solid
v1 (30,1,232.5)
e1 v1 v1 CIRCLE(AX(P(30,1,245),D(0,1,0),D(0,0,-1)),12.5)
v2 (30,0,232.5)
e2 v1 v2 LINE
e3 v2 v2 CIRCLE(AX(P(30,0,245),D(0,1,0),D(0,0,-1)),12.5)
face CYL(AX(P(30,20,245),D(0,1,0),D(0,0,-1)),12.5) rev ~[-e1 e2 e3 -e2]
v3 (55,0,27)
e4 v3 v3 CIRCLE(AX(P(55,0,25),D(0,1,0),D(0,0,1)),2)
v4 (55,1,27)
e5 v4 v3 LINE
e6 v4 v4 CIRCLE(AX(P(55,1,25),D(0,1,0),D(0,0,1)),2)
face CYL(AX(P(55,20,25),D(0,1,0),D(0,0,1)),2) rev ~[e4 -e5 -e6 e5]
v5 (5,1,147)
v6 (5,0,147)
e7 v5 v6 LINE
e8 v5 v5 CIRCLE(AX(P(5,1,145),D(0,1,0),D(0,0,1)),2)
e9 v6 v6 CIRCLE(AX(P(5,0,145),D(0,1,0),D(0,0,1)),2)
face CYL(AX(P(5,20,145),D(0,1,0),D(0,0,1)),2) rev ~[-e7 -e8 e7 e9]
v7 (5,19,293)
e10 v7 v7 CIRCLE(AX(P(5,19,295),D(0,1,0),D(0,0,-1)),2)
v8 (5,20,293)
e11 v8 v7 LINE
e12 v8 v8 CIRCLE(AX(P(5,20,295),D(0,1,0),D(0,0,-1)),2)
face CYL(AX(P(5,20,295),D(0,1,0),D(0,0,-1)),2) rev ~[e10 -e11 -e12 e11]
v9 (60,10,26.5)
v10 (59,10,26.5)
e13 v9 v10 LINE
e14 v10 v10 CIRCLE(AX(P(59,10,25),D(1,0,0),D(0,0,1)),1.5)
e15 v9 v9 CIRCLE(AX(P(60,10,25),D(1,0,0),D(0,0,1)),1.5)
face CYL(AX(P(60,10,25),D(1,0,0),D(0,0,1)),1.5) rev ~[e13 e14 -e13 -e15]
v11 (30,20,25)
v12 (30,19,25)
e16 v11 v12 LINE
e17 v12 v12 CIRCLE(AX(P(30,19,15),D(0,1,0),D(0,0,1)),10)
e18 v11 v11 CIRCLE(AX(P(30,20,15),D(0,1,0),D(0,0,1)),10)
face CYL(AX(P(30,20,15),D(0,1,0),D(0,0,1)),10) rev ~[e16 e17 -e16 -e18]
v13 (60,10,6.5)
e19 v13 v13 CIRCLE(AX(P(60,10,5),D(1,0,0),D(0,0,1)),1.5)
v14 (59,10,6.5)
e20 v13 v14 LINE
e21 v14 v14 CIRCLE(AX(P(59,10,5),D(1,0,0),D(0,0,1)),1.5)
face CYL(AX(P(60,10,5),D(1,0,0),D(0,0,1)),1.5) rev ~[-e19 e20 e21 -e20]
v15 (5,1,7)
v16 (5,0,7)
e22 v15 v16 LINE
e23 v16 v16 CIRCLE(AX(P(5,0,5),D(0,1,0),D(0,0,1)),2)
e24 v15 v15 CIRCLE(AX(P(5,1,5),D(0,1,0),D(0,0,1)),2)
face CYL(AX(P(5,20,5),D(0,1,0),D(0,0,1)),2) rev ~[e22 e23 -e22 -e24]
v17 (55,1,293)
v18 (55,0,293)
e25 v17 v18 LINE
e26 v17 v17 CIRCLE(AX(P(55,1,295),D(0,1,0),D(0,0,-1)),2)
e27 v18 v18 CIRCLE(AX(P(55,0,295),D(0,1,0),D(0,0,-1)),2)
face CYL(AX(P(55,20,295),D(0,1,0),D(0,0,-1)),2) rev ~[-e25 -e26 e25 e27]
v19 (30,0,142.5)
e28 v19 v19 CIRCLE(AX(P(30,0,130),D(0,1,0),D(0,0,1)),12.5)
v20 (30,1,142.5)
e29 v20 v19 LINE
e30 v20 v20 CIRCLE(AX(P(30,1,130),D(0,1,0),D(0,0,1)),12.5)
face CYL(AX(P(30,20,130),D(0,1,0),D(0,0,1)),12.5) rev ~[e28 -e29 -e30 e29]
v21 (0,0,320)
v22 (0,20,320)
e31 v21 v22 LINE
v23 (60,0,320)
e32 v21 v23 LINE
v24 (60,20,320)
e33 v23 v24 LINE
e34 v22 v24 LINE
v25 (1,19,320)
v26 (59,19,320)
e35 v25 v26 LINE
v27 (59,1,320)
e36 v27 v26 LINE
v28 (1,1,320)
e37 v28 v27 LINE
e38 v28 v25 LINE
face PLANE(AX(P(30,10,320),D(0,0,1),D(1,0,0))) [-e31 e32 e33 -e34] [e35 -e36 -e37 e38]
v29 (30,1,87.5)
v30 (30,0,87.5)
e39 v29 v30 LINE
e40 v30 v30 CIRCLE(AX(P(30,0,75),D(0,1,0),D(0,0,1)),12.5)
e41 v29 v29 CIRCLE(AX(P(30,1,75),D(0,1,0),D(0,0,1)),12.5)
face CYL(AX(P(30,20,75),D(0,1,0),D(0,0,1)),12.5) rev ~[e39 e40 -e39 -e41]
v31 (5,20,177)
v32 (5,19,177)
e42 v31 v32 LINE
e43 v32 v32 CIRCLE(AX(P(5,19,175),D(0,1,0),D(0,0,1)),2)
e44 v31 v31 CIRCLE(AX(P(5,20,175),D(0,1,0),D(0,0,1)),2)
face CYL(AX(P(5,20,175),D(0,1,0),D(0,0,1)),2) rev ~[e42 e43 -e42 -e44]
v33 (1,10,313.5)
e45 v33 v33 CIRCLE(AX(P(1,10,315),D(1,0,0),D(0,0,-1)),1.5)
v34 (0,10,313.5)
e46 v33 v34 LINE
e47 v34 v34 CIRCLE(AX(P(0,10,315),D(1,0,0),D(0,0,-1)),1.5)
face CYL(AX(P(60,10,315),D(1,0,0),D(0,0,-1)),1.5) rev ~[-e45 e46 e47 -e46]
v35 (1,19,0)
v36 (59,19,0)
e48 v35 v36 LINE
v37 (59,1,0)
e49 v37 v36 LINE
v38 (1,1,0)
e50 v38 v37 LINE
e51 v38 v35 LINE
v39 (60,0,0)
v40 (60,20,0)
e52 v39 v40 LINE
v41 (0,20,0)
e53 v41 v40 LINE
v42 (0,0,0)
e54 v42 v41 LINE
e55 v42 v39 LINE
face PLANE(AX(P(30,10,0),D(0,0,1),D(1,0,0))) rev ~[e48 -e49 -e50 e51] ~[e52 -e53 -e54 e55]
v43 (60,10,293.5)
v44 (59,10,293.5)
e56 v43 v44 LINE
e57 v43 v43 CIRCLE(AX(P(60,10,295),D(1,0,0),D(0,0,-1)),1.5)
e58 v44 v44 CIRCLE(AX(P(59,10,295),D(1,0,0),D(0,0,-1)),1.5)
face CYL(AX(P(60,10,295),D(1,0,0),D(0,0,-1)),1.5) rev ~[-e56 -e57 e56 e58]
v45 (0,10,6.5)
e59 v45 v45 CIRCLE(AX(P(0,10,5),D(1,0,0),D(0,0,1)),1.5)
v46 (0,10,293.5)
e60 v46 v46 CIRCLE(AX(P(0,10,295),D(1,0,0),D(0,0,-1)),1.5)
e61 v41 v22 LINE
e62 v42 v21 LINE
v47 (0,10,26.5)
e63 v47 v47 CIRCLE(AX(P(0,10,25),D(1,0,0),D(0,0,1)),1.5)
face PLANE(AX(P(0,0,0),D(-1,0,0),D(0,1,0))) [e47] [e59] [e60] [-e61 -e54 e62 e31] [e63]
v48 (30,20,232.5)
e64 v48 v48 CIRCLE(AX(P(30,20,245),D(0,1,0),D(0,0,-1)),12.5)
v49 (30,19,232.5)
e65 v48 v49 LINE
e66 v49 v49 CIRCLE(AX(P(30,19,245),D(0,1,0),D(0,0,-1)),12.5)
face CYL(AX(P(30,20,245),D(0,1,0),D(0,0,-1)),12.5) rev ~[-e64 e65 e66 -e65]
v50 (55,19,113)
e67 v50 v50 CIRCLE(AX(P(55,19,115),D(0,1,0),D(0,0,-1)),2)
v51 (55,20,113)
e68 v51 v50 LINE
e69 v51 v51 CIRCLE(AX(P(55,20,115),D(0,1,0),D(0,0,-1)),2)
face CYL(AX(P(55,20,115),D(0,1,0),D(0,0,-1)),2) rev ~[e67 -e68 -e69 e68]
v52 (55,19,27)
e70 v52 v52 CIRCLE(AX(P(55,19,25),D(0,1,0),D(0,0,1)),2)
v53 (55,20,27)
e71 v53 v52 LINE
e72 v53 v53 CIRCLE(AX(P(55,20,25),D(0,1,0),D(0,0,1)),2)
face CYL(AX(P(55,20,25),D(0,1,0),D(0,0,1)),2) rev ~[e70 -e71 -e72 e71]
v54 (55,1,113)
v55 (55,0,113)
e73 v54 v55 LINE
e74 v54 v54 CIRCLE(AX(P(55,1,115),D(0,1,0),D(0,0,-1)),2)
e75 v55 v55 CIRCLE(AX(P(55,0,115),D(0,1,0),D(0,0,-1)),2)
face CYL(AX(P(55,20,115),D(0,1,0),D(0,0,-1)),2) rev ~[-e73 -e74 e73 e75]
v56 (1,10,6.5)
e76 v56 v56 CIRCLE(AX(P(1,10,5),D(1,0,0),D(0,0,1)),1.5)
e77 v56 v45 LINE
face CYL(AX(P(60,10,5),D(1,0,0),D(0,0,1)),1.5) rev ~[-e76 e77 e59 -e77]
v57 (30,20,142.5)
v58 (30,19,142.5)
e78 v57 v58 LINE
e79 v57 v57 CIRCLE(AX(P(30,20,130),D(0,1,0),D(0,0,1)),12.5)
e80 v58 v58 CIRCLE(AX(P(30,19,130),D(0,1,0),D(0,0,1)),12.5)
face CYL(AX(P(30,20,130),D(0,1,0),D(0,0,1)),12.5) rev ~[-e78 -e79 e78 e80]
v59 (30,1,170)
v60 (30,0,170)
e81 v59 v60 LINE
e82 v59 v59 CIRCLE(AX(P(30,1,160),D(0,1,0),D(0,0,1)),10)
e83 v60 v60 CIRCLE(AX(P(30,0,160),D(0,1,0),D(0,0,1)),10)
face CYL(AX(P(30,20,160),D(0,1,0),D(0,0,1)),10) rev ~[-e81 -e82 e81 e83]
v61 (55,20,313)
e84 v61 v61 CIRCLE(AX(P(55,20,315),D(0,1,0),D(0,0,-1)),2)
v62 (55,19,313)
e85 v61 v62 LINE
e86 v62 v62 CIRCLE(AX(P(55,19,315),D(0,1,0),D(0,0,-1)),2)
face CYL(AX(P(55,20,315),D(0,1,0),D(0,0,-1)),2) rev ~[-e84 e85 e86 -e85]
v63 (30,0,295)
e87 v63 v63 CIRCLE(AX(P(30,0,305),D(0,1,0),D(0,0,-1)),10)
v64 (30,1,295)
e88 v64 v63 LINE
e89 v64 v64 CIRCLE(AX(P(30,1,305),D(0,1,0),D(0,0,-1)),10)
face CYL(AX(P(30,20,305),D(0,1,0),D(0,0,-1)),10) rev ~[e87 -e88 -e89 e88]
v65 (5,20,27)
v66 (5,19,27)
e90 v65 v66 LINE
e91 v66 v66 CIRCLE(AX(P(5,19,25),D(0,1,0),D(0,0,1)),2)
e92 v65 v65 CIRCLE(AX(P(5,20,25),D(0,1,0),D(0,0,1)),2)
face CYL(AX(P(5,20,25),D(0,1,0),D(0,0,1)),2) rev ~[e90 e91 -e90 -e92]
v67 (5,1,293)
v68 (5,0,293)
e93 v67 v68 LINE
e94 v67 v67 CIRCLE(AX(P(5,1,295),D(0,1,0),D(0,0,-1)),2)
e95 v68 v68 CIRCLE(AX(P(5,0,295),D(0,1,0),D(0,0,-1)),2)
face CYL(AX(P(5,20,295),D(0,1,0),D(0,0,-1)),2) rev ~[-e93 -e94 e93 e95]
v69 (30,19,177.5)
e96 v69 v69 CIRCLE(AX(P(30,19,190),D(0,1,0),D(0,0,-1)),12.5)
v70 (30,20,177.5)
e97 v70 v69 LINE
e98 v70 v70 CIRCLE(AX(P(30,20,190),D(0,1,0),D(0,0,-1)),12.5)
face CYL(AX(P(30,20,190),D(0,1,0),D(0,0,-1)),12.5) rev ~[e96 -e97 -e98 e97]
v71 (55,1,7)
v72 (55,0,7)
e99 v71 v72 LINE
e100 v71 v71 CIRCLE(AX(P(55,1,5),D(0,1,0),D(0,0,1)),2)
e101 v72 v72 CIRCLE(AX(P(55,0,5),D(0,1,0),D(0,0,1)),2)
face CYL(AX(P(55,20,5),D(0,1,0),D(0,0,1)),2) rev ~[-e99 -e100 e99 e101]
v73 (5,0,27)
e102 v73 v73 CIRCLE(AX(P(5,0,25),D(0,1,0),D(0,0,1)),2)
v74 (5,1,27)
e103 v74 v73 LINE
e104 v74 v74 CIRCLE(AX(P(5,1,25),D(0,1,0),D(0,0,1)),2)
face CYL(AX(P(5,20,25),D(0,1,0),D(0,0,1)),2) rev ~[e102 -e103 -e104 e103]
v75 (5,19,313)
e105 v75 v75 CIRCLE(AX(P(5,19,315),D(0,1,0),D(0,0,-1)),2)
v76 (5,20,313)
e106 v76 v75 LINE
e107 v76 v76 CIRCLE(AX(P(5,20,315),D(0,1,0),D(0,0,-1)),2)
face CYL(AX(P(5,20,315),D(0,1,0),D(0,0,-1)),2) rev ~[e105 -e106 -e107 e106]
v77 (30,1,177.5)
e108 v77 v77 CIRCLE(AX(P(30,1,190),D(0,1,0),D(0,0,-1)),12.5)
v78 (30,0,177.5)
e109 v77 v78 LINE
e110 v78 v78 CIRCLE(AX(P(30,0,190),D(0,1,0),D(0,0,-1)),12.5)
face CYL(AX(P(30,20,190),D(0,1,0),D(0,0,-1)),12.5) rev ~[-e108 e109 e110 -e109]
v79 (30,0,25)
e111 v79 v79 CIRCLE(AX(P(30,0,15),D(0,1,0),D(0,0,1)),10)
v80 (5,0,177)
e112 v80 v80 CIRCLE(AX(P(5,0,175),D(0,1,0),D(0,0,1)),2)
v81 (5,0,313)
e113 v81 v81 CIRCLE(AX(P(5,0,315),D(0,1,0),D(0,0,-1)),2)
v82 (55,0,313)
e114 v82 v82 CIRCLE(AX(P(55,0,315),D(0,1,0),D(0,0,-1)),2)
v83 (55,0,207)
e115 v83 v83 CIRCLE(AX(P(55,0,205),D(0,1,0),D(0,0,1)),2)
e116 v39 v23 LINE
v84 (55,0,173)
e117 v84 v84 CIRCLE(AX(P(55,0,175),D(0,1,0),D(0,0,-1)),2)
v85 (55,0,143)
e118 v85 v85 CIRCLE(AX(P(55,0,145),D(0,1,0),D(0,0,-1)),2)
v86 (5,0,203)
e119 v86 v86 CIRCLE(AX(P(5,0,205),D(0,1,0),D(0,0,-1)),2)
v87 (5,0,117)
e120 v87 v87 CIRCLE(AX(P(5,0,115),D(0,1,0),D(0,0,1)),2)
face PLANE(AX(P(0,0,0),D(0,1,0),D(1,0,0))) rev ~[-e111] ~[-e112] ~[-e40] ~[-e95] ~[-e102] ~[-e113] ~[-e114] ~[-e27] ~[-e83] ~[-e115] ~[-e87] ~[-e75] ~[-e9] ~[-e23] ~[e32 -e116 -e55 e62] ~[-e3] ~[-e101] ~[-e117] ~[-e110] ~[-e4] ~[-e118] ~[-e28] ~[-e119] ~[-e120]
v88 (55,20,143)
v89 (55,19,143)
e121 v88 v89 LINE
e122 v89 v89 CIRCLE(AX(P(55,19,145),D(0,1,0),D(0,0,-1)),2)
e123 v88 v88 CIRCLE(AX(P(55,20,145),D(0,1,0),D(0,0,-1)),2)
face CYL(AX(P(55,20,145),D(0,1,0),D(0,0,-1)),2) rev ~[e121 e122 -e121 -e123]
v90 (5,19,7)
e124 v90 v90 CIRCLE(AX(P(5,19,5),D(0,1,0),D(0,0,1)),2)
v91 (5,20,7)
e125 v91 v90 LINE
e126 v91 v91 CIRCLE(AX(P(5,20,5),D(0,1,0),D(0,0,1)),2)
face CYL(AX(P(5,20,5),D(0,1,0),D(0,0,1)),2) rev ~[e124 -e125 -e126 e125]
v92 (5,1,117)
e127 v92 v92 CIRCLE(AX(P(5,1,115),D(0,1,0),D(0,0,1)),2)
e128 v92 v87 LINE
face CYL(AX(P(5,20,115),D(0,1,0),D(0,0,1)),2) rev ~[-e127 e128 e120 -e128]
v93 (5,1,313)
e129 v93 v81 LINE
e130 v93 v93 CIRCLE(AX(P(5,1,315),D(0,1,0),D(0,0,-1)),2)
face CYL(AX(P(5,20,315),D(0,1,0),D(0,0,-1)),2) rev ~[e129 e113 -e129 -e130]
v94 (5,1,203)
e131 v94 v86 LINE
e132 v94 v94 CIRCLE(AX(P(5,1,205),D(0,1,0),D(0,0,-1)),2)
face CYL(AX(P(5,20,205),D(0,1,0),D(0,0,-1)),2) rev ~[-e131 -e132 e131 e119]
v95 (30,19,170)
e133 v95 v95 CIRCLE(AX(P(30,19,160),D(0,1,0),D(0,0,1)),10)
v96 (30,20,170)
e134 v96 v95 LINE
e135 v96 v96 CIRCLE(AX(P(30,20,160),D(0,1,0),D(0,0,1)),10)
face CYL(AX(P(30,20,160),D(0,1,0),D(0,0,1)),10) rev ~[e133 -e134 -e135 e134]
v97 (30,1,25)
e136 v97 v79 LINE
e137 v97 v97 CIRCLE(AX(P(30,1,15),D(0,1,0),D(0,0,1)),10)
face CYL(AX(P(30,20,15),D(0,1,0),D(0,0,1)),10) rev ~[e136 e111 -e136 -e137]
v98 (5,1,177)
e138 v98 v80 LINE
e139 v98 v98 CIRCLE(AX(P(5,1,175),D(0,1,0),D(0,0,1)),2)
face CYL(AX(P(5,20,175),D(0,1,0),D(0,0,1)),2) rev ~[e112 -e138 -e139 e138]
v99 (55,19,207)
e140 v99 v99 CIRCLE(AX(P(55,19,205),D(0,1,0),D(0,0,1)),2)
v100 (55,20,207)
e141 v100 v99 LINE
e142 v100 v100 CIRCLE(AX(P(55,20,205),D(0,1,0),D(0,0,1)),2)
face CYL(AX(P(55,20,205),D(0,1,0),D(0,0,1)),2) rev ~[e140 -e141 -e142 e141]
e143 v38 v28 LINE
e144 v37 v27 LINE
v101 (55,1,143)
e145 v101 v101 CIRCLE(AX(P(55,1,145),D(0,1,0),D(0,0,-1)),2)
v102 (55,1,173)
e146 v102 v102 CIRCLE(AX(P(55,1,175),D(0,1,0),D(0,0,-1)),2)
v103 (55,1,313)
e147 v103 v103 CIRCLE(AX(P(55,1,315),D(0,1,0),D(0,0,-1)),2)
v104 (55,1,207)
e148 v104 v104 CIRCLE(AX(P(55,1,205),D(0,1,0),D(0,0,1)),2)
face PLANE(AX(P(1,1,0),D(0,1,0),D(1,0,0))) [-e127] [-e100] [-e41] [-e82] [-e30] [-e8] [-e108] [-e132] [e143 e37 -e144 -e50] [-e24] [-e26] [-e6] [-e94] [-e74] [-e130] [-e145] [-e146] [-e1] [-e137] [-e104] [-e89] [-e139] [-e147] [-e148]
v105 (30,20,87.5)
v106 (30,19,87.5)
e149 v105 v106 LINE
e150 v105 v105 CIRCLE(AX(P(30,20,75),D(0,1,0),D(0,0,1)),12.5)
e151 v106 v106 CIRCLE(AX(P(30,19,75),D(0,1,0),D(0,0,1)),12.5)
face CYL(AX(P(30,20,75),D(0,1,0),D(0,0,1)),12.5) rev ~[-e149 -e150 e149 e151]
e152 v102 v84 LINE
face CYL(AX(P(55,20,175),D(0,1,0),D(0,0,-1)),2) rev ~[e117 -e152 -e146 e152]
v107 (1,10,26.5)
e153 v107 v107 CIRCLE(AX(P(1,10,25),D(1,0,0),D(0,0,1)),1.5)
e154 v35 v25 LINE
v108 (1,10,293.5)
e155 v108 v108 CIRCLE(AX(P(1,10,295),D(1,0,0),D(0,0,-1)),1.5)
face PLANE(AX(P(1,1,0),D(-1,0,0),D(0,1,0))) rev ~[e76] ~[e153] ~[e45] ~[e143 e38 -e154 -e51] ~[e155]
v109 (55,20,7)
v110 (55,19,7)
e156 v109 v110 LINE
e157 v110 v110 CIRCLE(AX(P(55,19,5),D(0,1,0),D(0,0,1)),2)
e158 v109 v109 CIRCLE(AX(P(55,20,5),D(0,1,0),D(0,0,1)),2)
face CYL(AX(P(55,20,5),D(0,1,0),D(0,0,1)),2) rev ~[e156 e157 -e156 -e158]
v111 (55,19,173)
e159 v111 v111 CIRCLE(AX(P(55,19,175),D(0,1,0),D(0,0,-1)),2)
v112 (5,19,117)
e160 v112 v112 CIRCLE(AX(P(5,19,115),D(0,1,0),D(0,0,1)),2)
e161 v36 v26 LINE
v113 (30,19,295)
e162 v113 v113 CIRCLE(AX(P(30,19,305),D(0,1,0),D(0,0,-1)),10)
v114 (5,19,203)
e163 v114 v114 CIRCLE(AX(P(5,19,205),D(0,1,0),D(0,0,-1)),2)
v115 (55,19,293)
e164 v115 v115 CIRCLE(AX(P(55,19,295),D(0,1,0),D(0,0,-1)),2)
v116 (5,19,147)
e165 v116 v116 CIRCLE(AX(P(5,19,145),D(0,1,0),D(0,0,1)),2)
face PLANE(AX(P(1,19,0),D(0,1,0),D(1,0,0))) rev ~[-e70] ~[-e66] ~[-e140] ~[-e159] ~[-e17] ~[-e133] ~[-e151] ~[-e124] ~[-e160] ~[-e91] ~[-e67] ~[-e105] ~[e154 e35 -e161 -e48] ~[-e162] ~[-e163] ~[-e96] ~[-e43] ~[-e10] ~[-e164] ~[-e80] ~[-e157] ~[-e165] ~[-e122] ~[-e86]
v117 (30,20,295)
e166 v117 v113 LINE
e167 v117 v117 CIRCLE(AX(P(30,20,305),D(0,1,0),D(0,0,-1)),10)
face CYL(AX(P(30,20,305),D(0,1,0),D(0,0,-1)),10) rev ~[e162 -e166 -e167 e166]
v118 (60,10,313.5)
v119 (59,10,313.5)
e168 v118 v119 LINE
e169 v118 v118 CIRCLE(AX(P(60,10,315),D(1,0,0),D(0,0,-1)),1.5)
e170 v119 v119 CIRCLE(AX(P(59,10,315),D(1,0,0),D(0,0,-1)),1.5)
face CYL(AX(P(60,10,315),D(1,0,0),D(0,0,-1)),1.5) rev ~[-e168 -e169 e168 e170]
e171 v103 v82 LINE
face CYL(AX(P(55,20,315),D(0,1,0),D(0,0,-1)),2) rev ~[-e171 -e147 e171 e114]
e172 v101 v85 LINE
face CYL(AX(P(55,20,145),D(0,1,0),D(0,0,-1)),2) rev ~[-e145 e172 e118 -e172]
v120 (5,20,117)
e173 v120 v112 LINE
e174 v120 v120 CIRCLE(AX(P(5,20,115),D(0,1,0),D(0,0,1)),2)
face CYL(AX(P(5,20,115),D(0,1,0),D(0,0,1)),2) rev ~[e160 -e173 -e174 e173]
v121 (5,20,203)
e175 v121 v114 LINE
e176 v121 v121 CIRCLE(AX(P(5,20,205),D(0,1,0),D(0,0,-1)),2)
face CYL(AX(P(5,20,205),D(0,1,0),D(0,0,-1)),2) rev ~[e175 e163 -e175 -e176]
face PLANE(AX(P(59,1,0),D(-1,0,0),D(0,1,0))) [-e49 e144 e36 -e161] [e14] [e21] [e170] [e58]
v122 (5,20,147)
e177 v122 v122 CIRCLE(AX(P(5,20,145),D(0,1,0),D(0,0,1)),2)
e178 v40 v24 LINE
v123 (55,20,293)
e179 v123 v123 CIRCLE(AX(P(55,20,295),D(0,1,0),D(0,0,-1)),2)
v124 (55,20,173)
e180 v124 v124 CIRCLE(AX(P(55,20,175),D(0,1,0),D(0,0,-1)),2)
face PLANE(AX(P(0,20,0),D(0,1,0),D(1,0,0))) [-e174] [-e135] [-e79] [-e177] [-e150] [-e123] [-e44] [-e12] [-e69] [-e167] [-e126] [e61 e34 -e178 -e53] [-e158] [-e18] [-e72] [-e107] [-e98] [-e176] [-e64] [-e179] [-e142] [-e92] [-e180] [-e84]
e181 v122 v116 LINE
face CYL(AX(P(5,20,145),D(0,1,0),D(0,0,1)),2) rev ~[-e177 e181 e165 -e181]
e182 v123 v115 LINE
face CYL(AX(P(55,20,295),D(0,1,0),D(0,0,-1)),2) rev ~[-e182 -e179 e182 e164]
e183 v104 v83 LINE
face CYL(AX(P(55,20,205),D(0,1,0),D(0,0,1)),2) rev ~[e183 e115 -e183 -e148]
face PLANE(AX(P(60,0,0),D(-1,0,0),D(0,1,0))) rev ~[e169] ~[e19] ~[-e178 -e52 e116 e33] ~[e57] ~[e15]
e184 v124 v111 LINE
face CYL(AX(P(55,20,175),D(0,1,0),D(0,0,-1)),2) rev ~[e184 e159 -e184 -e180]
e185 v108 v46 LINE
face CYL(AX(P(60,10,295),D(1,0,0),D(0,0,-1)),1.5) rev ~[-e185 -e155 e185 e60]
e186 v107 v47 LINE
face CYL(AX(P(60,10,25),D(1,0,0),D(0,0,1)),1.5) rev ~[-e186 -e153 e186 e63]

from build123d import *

# Parameters (mm, degrees)
SKETCH_1_W          = 60
SKETCH_1_H          = 20
SKETCH_1_W_2        = 58
SKETCH_1_H_2        = 18
EXTRUDE_1_DEPTH     = 320
SKETCH_2_R          = 2
CUT_EXTRUDE_1_DEPTH = 327.190128606
SKETCH_4_R          = 1.5
CUT_EXTRUDE_2_DEPTH = 327.190128606
SKETCH_5_R          = 10
SKETCH_5_R_2        = 12.5
CUT_EXTRUDE_3_DEPTH = 327.190128606


with BuildPart() as part:
    # 草图1 → 拉伸-薄壁1 (new body)
    with BuildSketch(Plane.XY):
        with Locations((30, 10)):
            Rectangle(SKETCH_1_W, SKETCH_1_H)
        with Locations((30, 10)):
            Rectangle(SKETCH_1_W_2, SKETCH_1_H_2, mode=Mode.SUBTRACT)
    extrude(amount=EXTRUDE_1_DEPTH)

    # 草图2 → 切除-拉伸1 (cut, through all)
    with BuildSketch(Plane(origin=(0, 20, 0), x_dir=(1, 0, 0), z_dir=(0, 1, 0))):
        with Locations(Location((5, -145, 0), (0, 0, 270))):
            Circle(SKETCH_2_R)
        with Locations(Location((5, -175, 0), (0, 0, 270))):
            Circle(SKETCH_2_R)
        with Locations(Location((55, -175, 0), (0, 0, 90))):
            Circle(SKETCH_2_R)
        with Locations(Location((55, -145, 0), (0, 0, 90))):
            Circle(SKETCH_2_R)
        with Locations(Location((5, -115, 0), (0, 0, 270))):
            Circle(SKETCH_2_R)
        with Locations(Location((5, -205, 0), (0, 0, 90))):
            Circle(SKETCH_2_R)
        with Locations(Location((55, -205, 0), (0, 0, 270))):
            Circle(SKETCH_2_R)
        with Locations(Location((55, -115, 0), (0, 0, 90))):
            Circle(SKETCH_2_R)
        with Locations(Location((5, -5, 0), (0, 0, 270))):
            Circle(SKETCH_2_R)
        with Locations(Location((55, -5, 0), (0, 0, 270))):
            Circle(SKETCH_2_R)
        with Locations(Location((55, -25, 0), (0, 0, 270))):
            Circle(SKETCH_2_R)
        with Locations(Location((5, -25, 0), (0, 0, 270))):
            Circle(SKETCH_2_R)
        with Locations(Location((5, -295, 0), (0, 0, 90))):
            Circle(SKETCH_2_R)
        with Locations(Location((55, -295, 0), (0, 0, 90))):
            Circle(SKETCH_2_R)
        with Locations(Location((55, -315, 0), (0, 0, 90))):
            Circle(SKETCH_2_R)
        with Locations(Location((5, -315, 0), (0, 0, 90))):
            Circle(SKETCH_2_R)
    extrude(amount=-CUT_EXTRUDE_1_DEPTH, mode=Mode.SUBTRACT)

    # 草图4 → 切除-拉伸2 (cut, through all)
    with BuildSketch(Plane(origin=(60, 0, 0), x_dir=(0, 0, -1), z_dir=(1, 0, 0))):
        with Locations((-315, 10)):
            Circle(SKETCH_4_R)
        with Locations((-295, 10)):
            Circle(SKETCH_4_R)
        with Locations(Location((-25, 10, 0), (0, 0, 180))):
            Circle(SKETCH_4_R)
        with Locations(Location((-5, 10, 0), (0, 0, 180))):
            Circle(SKETCH_4_R)
    extrude(amount=-CUT_EXTRUDE_2_DEPTH, mode=Mode.SUBTRACT)

    # 草图5 → 切除-拉伸3 (cut, through all)
    with BuildSketch(Plane(origin=(0, 20, 0), x_dir=(1, 0, 0), z_dir=(0, 1, 0))):
        with Locations(Location((30, -160, 0), (0, 0, 270))):
            Circle(SKETCH_5_R)
        with Locations(Location((30, -130, 0), (0, 0, 270))):
            Circle(SKETCH_5_R_2)
        with Locations(Location((30, -190, 0), (0, 0, 90))):
            Circle(SKETCH_5_R_2)
        with Locations(Location((30, -75, 0), (0, 0, 270))):
            Circle(SKETCH_5_R_2)
        with Locations(Location((30, -15, 0), (0, 0, 270))):
            Circle(SKETCH_5_R)
        with Locations(Location((30, -305, 0), (0, 0, 90))):
            Circle(SKETCH_5_R)
        with Locations(Location((30, -245, 0), (0, 0, 90))):
            Circle(SKETCH_5_R_2)
    extrude(amount=-CUT_EXTRUDE_3_DEPTH, mode=Mode.SUBTRACT)


solid = part.part
